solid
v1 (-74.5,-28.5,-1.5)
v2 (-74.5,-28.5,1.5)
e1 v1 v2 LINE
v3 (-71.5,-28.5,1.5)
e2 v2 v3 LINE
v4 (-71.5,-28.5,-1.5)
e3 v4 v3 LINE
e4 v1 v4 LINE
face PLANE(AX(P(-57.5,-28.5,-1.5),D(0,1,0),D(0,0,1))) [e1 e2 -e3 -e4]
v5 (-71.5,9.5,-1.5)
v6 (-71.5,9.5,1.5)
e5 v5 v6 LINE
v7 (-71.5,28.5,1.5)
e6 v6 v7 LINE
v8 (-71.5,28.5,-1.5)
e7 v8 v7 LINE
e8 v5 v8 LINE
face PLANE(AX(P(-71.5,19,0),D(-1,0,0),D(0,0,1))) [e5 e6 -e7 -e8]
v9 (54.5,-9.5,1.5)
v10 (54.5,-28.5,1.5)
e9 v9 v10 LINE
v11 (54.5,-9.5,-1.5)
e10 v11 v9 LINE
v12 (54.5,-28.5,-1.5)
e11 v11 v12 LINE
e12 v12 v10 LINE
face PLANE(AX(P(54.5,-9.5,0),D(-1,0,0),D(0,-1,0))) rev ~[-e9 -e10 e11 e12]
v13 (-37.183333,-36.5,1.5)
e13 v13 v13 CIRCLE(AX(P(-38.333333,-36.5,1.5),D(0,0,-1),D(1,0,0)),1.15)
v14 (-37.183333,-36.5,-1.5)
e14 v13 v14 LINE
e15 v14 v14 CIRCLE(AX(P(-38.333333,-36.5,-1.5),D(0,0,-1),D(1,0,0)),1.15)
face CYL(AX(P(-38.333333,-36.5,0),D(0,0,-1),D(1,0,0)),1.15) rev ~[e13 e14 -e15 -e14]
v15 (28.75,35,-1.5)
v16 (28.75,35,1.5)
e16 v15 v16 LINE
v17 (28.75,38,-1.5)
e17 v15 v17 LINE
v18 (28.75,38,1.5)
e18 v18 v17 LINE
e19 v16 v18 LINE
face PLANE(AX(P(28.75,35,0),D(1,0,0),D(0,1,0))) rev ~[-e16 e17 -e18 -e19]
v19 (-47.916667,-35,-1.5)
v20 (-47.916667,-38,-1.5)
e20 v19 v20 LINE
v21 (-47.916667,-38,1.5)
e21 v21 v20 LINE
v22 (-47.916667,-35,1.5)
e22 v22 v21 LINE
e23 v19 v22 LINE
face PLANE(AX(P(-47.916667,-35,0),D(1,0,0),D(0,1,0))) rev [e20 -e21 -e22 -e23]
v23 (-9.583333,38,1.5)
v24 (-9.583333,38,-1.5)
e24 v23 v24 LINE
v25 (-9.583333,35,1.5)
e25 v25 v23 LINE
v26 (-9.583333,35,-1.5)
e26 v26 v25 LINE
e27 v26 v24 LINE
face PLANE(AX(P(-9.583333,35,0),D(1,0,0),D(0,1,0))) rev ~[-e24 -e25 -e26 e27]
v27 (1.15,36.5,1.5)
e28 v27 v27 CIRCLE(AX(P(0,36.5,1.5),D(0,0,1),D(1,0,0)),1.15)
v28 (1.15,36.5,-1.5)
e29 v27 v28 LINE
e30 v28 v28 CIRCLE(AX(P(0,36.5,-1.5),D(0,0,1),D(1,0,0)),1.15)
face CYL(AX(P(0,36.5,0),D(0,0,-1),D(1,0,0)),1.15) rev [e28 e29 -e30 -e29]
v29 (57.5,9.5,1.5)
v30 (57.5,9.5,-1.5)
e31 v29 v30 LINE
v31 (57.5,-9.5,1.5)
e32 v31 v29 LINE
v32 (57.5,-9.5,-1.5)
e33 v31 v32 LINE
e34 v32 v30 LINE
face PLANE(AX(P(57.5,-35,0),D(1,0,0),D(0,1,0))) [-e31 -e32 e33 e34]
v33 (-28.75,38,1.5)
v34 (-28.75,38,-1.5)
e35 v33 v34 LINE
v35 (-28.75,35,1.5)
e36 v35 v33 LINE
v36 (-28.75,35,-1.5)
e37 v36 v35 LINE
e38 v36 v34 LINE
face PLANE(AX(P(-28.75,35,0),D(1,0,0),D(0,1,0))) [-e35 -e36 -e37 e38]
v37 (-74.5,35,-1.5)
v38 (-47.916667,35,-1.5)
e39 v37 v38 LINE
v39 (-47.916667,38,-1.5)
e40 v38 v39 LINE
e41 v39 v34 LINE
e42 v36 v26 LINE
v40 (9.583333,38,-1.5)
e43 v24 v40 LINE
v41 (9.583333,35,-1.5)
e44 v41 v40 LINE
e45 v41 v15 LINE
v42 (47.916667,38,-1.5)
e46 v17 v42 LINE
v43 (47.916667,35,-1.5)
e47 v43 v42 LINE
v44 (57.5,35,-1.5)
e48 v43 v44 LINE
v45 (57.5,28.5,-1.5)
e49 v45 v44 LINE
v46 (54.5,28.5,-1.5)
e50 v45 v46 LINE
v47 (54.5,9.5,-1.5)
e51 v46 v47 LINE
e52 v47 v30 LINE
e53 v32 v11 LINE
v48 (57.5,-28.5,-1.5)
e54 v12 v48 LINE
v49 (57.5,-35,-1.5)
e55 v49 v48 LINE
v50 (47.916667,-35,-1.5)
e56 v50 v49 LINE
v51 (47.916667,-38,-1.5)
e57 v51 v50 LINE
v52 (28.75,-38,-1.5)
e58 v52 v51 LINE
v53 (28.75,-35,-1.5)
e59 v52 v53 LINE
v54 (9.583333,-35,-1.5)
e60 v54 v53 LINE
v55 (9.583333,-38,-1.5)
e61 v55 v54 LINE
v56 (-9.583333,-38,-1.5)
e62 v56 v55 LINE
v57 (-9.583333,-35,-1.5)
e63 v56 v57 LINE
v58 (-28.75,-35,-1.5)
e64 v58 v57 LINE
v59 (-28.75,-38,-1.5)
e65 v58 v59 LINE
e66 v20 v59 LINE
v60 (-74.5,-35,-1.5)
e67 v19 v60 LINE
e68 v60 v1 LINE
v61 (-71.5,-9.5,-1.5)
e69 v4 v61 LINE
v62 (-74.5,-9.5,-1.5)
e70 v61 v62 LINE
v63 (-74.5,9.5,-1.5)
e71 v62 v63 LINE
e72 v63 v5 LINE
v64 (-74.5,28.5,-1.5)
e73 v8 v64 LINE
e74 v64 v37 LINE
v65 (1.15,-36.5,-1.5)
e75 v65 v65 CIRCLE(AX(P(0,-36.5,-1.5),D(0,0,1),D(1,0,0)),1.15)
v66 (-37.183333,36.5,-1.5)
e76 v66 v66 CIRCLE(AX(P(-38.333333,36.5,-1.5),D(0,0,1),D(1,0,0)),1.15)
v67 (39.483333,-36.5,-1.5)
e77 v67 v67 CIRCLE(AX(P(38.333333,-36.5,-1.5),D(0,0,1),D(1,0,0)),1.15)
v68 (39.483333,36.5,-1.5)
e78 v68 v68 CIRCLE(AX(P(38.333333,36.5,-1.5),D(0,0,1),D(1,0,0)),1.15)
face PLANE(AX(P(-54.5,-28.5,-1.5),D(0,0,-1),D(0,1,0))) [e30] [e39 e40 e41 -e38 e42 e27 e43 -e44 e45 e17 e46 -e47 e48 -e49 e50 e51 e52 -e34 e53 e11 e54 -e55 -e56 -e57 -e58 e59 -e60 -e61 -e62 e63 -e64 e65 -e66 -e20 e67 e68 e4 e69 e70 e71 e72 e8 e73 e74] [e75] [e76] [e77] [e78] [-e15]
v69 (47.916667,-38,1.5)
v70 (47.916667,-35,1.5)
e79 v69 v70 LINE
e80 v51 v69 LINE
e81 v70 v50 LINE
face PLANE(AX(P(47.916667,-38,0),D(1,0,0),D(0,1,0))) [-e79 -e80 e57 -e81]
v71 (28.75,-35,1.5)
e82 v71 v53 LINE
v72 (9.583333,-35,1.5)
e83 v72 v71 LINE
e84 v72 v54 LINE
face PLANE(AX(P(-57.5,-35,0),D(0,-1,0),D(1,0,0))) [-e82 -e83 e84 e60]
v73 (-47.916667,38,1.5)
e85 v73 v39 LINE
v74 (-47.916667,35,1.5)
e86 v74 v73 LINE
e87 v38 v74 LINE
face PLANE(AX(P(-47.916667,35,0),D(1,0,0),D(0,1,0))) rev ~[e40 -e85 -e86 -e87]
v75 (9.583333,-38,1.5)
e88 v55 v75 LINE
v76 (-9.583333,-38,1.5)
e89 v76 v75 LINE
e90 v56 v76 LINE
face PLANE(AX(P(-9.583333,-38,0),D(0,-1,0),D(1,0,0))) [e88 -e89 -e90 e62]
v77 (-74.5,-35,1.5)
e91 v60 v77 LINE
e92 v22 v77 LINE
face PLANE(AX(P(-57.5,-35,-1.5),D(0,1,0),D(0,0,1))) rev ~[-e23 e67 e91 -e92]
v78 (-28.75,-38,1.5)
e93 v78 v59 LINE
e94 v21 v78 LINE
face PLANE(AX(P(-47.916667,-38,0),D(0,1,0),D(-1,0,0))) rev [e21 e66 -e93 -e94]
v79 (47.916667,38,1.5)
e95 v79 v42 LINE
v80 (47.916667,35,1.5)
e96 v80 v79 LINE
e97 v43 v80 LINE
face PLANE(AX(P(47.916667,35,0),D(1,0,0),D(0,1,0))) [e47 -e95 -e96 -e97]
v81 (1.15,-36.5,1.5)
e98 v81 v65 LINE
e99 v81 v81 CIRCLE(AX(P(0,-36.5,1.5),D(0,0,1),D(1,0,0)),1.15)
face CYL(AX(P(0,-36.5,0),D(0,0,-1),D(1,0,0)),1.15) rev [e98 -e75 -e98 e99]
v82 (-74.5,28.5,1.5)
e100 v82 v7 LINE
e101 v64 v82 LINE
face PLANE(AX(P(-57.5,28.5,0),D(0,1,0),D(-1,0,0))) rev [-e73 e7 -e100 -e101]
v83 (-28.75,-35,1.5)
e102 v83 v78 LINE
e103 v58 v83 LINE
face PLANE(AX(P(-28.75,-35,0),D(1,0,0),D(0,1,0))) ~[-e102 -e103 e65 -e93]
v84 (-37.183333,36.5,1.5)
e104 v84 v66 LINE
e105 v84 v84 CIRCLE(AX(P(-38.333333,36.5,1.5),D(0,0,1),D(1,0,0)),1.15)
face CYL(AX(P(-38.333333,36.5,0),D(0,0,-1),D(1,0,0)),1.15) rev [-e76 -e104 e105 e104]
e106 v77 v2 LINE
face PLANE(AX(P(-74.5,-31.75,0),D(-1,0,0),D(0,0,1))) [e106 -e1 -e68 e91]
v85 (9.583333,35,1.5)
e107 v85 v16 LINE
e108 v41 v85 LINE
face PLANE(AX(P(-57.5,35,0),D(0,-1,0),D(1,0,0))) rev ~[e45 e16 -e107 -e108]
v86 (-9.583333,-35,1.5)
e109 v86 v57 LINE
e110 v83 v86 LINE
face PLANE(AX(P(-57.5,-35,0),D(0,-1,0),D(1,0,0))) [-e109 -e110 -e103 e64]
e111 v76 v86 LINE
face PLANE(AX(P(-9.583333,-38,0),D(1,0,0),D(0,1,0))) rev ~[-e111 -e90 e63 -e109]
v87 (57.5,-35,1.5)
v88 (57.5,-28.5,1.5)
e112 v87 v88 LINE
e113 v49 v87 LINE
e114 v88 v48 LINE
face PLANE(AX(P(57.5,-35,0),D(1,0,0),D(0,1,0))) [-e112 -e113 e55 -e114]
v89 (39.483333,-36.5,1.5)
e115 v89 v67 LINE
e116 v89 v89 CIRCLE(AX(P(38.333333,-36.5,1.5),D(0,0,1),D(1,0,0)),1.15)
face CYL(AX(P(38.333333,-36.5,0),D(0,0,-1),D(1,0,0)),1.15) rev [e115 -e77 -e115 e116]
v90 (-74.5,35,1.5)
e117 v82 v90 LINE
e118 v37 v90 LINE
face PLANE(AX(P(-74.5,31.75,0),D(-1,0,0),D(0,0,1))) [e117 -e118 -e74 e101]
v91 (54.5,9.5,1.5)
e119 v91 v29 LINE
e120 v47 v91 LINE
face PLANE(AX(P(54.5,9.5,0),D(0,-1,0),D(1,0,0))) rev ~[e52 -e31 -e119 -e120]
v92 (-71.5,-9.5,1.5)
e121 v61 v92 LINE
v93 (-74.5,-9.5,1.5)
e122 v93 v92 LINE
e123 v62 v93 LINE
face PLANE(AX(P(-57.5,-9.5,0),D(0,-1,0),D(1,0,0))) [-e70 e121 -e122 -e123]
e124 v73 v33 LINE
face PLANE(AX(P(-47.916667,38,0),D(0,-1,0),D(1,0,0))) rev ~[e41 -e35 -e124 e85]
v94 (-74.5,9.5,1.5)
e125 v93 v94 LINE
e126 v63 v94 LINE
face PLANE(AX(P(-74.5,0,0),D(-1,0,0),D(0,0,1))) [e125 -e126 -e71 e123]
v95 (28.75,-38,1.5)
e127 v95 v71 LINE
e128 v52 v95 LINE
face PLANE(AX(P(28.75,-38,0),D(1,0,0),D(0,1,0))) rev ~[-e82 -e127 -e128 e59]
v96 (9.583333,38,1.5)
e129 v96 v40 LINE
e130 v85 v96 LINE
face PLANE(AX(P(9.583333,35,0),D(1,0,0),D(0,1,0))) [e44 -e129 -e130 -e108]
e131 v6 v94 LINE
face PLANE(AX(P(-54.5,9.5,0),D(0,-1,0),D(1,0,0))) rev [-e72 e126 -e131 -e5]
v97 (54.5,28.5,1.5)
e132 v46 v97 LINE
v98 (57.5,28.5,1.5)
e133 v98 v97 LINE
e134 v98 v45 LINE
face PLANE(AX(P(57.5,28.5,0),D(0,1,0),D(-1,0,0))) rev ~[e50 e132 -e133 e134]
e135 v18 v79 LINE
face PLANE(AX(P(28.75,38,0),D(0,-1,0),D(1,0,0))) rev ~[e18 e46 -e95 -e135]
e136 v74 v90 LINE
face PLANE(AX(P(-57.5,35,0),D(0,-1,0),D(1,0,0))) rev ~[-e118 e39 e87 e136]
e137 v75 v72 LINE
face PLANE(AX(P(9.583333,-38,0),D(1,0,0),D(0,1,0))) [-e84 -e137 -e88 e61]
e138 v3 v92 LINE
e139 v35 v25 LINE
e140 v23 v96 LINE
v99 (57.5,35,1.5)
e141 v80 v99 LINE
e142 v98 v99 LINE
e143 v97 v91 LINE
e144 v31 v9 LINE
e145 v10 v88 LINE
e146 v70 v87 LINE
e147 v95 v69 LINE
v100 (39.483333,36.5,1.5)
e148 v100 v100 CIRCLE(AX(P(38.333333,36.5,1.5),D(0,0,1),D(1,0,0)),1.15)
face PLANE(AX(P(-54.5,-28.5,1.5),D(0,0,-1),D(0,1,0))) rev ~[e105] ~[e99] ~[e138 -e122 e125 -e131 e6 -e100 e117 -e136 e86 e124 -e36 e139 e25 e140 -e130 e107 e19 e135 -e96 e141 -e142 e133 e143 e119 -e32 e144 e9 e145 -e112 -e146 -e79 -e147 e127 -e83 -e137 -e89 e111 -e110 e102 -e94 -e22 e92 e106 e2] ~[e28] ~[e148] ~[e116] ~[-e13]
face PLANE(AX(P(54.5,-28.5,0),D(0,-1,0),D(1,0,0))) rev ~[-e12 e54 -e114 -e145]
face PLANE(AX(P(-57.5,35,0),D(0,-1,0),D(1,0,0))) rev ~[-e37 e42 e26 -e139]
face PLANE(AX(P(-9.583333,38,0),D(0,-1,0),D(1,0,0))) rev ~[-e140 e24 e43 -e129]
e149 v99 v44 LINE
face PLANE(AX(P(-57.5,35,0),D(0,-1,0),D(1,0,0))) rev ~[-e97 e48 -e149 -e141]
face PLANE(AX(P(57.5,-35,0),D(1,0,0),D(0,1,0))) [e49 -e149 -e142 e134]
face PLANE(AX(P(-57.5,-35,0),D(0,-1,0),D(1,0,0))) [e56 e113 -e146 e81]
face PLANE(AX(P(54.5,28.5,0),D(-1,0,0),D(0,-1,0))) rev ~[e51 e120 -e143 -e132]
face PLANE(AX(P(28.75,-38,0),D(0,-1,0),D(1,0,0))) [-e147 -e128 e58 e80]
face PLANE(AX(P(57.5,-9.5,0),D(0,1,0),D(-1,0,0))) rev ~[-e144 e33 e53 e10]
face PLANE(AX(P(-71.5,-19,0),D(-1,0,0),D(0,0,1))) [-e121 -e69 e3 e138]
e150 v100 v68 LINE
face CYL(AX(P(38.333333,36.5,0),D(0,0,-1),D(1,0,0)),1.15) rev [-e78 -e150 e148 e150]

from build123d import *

# Parameters (mm, degrees)
CROQUIS1_W                = 115
CROQUIS1_H                = 70
SALIENTE_EXTRUIR1_DEPTH   = 1.5
CROQUIS2_W                = 19.166666667
CROQUIS2_H                = 3
CROQUIS2_R                = 1.15
SALIENTE_EXTRUIR2_DEPTH   = 1.5
MATRIZL1_COUNT            = 3
MATRIZL1_PITCH            = 38.333333333
SIMETR_A1_COPY_1_SKETCH_W = 19.166666667
SIMETR_A1_COPY_1_SKETCH_H = 3
SIMETR_A1_COPY_1_SKETCH_R = 1.15
SIMETR_A1_COPY_1_DEPTH    = 1.5
SIMETR_A1_COPY_2_SKETCH_W = 19.166666667
SIMETR_A1_COPY_2_SKETCH_H = 3
SIMETR_A1_COPY_2_SKETCH_R = 1.15
SIMETR_A1_COPY_2_DEPTH    = 1.5
CORTAR_EXTRUIR1_DEPTH     = 2.5
MATRIZL2_COUNT            = 2
MATRIZL2_PITCH            = 38
SIMETR_A2_COPY_1_DEPTH    = 2.5
CROQUIS4_W                = 3
CROQUIS4_H                = 6.5
CROQUIS4_H_2              = 19
SALIENTE_EXTRUIR3_DEPTH   = 17
CROQUIS5_W                = 3
CROQUIS5_H                = 19
SALIENTE_EXTRUIR4_DEPTH   = 17


with BuildPart() as part:
    # Croquis1 → Saliente-Extruir1 (new body, symmetric)
    with BuildSketch(Plane.XY):
        Rectangle(CROQUIS1_W, CROQUIS1_H)
    extrude(amount=SALIENTE_EXTRUIR1_DEPTH, both=True)

    # Croquis2 → Saliente-Extruir2 (add, symmetric)
    with BuildSketch(Plane.XY):
        with Locations((-38.333333334, 36.5)):
            Rectangle(CROQUIS2_W, CROQUIS2_H)
        with Locations((-38.333333333, 36.5)):
            Circle(CROQUIS2_R, mode=Mode.SUBTRACT)
    saliente_extruir2 = extrude(amount=SALIENTE_EXTRUIR2_DEPTH, both=True)

    # MatrizL1: Saliente-Extruir2 ×3
    with Locations(*[(i * MATRIZL1_PITCH, 0, 0) for i in range(1, MATRIZL1_COUNT)]):
        add(saliente_extruir2)

    # Simetría1: Saliente-Extruir2 across plane
    add(saliente_extruir2.mirror(Plane.ZX))

    # Simetría1 copy 1 sketch → Simetría1 copy 1 (add, symmetric)
    with BuildSketch(Plane(origin=(38.333333333, 0, 0), x_dir=(1, 0, 0), z_dir=(0, 0, 1))):
        with Locations((-38.333333334, -36.5)):
            Rectangle(SIMETR_A1_COPY_1_SKETCH_W, SIMETR_A1_COPY_1_SKETCH_H)
        with Locations((-38.333333333, -36.5)):
            Circle(SIMETR_A1_COPY_1_SKETCH_R, mode=Mode.SUBTRACT)
    extrude(amount=SIMETR_A1_COPY_1_DEPTH, both=True)

    # Simetría1 copy 2 sketch → Simetría1 copy 2 (add, symmetric)
    with BuildSketch(Plane(origin=(76.666666667, 0, 0), x_dir=(1, 0, 0), z_dir=(0, 0, 1))):
        with Locations((-38.333333334, -36.5)):
            Rectangle(SIMETR_A1_COPY_2_SKETCH_W, SIMETR_A1_COPY_2_SKETCH_H)
        with Locations((-38.333333333, -36.5)):
            Circle(SIMETR_A1_COPY_2_SKETCH_R, mode=Mode.SUBTRACT)
    extrude(amount=SIMETR_A1_COPY_2_DEPTH, both=True)

    # Croquis3 → Cortar-Extruir1 (cut, symmetric)
    with BuildSketch(Plane.XY):
        Polygon((57.5, 28.5), (54.5, 28.5), (54.5, 20.15), (54.5, 17.85), (54.5, 9.5), (57.5, 9.5), align=None)
    cortar_extruir1 = extrude(amount=CORTAR_EXTRUIR1_DEPTH, both=True, mode=Mode.SUBTRACT)

    # MatrizL2: Cortar-Extruir1 ×2
    with Locations(*[(0, -i * MATRIZL2_PITCH, 0) for i in range(1, MATRIZL2_COUNT)]):
        add(cortar_extruir1, mode=Mode.SUBTRACT)

    # Simetría2: Cortar-Extruir1 across plane
    add(cortar_extruir1.mirror(Plane(origin=(0, 0, 0), x_dir=(0, 0, 1), z_dir=(1, 0, 0))), mode=Mode.SUBTRACT)

    # Simetría2 copy 1 sketch → Simetría2 copy 1 (cut, symmetric)
    with BuildSketch(Plane(origin=(0, -38, 0), x_dir=(-1, 0, 0), z_dir=(0, 0, 1))):
        Polygon((57.5, -28.5), (54.5, -28.5), (54.5, -20.15), (54.5, -17.85), (54.5, -9.5), (57.5, -9.5), align=None)
    extrude(amount=SIMETR_A2_COPY_1_DEPTH, both=True, mode=Mode.SUBTRACT)

    # Croquis4 → Saliente-Extruir3 (add)
    with BuildSketch(Plane.ZY.offset(57.5)):
        with Locations((0, -31.75)):
            Rectangle(CROQUIS4_W, CROQUIS4_H)
        with Locations((0, 31.75)):
            Rectangle(CROQUIS4_W, CROQUIS4_H)
        Rectangle(CROQUIS4_W, CROQUIS4_H_2)
    extrude(amount=SALIENTE_EXTRUIR3_DEPTH)

    # Croquis5 → Saliente-Extruir4 (add)
    with BuildSketch(Plane.ZY.offset(54.5)):
        with Locations((0, -19)):
            Rectangle(CROQUIS5_W, CROQUIS5_H)
        with Locations((0, 19)):
            Rectangle(CROQUIS5_W, CROQUIS5_H)
    extrude(amount=SALIENTE_EXTRUIR4_DEPTH)


solid = part.part
